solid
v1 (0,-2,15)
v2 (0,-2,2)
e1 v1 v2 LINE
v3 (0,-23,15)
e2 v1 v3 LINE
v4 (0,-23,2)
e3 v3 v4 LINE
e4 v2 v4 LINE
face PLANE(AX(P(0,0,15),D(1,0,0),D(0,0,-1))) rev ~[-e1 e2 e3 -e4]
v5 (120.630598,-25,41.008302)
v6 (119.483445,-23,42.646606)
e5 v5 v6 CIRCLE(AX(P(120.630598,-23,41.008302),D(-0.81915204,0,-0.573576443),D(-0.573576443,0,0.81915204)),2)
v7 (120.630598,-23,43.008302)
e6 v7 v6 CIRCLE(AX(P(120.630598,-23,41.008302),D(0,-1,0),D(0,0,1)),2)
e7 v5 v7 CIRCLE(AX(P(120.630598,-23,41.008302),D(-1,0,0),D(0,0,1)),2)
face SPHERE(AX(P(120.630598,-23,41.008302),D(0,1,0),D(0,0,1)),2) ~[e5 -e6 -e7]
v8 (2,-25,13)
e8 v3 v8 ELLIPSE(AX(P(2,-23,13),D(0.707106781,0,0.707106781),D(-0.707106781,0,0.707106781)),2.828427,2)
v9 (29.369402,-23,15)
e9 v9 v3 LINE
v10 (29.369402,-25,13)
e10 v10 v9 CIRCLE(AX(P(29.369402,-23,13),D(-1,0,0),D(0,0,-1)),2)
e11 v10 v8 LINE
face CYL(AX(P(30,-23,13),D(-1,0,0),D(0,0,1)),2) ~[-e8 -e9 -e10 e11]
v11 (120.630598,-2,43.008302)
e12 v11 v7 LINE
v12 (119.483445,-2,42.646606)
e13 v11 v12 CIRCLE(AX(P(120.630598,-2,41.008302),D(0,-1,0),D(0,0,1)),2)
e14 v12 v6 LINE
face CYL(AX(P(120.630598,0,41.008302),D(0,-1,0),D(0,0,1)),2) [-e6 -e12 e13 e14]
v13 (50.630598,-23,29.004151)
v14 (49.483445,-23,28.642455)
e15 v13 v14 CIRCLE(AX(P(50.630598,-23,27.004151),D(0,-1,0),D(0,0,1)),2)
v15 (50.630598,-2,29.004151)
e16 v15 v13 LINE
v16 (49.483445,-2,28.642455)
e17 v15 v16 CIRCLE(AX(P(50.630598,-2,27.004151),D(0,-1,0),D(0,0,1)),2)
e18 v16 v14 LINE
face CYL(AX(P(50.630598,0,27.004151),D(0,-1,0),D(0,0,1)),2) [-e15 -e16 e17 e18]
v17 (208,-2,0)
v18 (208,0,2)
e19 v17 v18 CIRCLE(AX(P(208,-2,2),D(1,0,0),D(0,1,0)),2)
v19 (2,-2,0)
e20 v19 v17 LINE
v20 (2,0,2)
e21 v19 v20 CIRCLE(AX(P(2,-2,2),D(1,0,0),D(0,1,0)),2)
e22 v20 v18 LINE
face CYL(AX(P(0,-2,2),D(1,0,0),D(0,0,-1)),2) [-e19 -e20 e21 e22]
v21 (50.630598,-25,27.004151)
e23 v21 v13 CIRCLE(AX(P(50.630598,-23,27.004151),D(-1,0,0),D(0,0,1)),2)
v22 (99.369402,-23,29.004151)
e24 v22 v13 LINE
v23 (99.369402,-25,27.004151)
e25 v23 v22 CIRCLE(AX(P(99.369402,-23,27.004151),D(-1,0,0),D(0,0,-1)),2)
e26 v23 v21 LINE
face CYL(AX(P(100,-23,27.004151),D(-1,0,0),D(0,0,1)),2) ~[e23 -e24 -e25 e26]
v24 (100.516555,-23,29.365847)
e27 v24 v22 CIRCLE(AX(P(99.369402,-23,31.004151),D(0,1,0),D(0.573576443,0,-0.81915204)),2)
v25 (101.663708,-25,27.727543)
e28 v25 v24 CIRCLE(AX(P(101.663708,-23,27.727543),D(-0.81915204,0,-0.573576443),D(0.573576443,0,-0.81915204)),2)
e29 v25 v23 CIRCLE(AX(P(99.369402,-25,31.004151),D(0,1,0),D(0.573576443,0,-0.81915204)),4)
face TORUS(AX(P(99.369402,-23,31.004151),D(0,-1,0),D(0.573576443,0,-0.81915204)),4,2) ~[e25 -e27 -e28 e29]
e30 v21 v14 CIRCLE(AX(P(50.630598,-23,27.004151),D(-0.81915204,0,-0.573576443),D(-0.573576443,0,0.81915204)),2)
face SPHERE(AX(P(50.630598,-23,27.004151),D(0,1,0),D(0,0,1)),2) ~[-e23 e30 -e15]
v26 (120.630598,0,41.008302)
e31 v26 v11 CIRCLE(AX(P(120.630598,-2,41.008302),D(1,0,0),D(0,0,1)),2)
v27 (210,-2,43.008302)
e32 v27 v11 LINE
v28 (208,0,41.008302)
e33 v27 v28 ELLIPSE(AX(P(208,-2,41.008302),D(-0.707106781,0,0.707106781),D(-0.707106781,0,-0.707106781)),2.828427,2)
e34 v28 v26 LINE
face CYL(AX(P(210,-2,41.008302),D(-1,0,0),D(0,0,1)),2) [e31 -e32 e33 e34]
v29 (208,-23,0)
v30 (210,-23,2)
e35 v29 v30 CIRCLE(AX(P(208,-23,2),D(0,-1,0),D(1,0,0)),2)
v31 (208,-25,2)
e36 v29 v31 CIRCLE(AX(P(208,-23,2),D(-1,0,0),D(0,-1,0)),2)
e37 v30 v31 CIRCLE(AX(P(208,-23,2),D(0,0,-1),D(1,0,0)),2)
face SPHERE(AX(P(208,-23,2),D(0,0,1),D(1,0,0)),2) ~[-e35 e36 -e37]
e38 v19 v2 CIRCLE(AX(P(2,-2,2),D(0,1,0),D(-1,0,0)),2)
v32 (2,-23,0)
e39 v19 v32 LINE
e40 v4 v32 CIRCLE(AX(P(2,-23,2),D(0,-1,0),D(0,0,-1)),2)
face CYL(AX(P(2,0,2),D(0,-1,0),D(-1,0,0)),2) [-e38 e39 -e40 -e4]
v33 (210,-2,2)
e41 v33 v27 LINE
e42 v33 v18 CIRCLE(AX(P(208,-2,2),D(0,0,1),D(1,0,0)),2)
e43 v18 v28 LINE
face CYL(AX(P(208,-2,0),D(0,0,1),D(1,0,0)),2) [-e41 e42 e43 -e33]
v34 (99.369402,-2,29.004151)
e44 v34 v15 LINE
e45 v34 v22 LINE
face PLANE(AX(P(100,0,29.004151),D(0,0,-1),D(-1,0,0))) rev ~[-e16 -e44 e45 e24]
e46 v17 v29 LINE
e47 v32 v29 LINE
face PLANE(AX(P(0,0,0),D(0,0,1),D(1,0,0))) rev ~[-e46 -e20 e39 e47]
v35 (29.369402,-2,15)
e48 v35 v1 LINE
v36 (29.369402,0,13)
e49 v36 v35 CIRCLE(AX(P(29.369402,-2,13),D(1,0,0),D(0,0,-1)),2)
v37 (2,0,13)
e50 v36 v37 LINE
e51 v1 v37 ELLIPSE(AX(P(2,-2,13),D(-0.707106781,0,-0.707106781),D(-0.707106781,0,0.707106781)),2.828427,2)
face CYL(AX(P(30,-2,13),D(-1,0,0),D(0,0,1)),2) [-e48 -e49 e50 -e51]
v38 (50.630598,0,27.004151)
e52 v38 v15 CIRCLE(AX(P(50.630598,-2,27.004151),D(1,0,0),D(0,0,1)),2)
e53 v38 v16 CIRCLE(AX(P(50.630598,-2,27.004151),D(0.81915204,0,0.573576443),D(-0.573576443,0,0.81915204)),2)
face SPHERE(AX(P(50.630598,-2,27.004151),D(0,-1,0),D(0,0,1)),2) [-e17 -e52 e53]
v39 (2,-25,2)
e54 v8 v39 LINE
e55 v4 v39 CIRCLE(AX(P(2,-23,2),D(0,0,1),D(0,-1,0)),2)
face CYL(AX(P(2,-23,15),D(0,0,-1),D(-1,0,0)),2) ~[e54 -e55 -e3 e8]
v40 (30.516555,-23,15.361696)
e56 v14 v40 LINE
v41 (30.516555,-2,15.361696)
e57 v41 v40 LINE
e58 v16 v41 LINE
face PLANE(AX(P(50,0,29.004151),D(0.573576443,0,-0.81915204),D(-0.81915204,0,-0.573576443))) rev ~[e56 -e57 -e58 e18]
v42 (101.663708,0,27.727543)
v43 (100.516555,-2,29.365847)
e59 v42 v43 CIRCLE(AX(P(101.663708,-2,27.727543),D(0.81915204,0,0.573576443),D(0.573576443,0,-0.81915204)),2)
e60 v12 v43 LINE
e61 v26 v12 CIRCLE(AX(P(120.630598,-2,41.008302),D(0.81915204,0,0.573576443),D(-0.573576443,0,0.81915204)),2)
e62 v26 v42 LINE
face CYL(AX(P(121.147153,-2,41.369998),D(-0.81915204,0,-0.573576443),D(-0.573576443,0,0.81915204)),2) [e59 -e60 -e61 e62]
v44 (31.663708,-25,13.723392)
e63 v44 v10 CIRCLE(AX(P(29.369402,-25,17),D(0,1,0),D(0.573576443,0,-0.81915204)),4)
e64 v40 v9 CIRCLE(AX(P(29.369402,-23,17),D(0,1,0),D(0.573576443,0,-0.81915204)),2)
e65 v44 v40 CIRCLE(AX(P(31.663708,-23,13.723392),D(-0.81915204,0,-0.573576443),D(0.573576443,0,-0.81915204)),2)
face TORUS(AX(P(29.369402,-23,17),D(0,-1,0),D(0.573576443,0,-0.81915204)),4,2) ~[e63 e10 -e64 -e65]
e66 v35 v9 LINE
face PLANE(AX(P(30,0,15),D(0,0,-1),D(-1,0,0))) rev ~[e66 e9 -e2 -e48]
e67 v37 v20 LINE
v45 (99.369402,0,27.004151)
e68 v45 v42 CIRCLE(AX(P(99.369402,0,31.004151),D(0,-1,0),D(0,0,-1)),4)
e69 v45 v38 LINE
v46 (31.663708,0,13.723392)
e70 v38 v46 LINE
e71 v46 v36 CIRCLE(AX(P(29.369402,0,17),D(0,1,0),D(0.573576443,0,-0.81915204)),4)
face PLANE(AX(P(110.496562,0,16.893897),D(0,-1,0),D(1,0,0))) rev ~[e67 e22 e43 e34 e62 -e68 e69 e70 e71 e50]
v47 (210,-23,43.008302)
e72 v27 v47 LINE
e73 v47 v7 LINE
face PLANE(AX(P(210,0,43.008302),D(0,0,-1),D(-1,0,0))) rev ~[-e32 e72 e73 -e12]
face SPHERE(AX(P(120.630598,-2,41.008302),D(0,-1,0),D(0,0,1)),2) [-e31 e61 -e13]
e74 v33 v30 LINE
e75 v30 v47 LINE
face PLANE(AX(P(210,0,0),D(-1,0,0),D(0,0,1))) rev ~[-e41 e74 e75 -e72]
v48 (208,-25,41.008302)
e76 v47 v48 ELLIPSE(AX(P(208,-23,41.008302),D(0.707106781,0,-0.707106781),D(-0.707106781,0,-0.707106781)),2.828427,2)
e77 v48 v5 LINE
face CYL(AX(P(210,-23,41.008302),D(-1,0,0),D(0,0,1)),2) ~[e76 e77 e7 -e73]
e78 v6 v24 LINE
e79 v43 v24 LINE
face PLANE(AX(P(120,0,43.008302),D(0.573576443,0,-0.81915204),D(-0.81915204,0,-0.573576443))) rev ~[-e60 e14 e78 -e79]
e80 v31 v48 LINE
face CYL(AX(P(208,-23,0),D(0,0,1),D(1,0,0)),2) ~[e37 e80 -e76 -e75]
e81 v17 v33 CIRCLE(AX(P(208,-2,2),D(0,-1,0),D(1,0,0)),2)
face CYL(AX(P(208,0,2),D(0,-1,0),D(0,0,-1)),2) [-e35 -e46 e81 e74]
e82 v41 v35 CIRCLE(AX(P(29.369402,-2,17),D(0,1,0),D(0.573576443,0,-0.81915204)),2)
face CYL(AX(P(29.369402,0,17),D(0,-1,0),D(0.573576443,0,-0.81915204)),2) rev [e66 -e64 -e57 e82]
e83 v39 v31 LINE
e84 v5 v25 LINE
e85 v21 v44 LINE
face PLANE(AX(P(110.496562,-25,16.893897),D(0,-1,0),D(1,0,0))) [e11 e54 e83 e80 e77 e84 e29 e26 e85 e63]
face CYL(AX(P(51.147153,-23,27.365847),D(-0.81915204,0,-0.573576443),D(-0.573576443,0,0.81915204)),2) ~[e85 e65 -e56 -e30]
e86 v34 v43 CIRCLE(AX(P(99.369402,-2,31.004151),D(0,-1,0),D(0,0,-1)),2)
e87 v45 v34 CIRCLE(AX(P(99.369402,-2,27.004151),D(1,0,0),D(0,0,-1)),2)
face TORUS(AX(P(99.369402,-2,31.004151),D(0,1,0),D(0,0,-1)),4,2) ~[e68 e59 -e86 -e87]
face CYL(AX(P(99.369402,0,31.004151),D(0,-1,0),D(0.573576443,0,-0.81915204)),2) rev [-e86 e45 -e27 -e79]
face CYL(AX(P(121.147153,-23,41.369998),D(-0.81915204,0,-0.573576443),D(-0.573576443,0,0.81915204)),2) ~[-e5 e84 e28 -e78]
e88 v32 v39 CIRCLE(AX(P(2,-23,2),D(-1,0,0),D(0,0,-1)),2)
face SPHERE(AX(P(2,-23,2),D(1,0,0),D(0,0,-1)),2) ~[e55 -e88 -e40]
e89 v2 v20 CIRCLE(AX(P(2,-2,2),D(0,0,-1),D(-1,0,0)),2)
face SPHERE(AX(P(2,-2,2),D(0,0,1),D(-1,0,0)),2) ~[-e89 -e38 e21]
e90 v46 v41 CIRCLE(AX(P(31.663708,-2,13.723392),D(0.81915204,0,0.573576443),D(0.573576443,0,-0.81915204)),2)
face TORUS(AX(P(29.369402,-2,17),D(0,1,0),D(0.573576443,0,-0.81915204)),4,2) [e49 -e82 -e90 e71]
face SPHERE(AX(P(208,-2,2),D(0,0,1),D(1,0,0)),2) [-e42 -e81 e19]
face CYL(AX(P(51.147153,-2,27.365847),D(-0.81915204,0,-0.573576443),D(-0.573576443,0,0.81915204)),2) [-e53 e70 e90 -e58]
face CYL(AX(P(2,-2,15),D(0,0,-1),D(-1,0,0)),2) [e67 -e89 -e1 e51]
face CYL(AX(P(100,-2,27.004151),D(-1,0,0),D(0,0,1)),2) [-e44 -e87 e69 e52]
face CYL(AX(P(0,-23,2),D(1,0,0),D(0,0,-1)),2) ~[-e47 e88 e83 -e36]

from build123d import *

# Parameters (mm, degrees)
F1_DEPTH = 25
F2_R     = 2


with BuildPart() as f1:
    # F0 (on Front) → F1 (new body)
    with BuildSketch(Plane.XZ):
        Polygon((0, 15), (0, 0), (210, 0), (210, 43.008302), (120, 43.008302), (100, 29.004151), (50, 29.004151), (30, 15), align=None)
    extrude(amount=F1_DEPTH)

    # F2
    f2_edges = [f1.edges().sort_by_distance(p)[0] for p in [
        (165, -25, 43.008302),
        (165, 0, 43.008302),
        (210, -25, 21.504151),
        (210, 0, 21.504151),
        (210, -12.5, 0),
        (105, -25, 0),
        (110, -25, 36.006226),
        (75, -25, 29.004151),
        (40, -25, 22.002075),
        (15, -25, 15),
        (15, 0, 15),
        (30, -12.5, 15),
        (40, 0, 22.002075),
        (50, -12.5, 29.004151),
        (75, 0, 29.004151),
        (110, 0, 36.006226),
        (100, -12.5, 29.004151),
        (120, -12.5, 43.008302),
        (0, 0, 7.5),
        (0, -12.5, 0),
        (0, -25, 7.5),
        (105, 0, 0),
    ]]
    fillet(f2_edges, radius=F2_R)


solid = f1.part
